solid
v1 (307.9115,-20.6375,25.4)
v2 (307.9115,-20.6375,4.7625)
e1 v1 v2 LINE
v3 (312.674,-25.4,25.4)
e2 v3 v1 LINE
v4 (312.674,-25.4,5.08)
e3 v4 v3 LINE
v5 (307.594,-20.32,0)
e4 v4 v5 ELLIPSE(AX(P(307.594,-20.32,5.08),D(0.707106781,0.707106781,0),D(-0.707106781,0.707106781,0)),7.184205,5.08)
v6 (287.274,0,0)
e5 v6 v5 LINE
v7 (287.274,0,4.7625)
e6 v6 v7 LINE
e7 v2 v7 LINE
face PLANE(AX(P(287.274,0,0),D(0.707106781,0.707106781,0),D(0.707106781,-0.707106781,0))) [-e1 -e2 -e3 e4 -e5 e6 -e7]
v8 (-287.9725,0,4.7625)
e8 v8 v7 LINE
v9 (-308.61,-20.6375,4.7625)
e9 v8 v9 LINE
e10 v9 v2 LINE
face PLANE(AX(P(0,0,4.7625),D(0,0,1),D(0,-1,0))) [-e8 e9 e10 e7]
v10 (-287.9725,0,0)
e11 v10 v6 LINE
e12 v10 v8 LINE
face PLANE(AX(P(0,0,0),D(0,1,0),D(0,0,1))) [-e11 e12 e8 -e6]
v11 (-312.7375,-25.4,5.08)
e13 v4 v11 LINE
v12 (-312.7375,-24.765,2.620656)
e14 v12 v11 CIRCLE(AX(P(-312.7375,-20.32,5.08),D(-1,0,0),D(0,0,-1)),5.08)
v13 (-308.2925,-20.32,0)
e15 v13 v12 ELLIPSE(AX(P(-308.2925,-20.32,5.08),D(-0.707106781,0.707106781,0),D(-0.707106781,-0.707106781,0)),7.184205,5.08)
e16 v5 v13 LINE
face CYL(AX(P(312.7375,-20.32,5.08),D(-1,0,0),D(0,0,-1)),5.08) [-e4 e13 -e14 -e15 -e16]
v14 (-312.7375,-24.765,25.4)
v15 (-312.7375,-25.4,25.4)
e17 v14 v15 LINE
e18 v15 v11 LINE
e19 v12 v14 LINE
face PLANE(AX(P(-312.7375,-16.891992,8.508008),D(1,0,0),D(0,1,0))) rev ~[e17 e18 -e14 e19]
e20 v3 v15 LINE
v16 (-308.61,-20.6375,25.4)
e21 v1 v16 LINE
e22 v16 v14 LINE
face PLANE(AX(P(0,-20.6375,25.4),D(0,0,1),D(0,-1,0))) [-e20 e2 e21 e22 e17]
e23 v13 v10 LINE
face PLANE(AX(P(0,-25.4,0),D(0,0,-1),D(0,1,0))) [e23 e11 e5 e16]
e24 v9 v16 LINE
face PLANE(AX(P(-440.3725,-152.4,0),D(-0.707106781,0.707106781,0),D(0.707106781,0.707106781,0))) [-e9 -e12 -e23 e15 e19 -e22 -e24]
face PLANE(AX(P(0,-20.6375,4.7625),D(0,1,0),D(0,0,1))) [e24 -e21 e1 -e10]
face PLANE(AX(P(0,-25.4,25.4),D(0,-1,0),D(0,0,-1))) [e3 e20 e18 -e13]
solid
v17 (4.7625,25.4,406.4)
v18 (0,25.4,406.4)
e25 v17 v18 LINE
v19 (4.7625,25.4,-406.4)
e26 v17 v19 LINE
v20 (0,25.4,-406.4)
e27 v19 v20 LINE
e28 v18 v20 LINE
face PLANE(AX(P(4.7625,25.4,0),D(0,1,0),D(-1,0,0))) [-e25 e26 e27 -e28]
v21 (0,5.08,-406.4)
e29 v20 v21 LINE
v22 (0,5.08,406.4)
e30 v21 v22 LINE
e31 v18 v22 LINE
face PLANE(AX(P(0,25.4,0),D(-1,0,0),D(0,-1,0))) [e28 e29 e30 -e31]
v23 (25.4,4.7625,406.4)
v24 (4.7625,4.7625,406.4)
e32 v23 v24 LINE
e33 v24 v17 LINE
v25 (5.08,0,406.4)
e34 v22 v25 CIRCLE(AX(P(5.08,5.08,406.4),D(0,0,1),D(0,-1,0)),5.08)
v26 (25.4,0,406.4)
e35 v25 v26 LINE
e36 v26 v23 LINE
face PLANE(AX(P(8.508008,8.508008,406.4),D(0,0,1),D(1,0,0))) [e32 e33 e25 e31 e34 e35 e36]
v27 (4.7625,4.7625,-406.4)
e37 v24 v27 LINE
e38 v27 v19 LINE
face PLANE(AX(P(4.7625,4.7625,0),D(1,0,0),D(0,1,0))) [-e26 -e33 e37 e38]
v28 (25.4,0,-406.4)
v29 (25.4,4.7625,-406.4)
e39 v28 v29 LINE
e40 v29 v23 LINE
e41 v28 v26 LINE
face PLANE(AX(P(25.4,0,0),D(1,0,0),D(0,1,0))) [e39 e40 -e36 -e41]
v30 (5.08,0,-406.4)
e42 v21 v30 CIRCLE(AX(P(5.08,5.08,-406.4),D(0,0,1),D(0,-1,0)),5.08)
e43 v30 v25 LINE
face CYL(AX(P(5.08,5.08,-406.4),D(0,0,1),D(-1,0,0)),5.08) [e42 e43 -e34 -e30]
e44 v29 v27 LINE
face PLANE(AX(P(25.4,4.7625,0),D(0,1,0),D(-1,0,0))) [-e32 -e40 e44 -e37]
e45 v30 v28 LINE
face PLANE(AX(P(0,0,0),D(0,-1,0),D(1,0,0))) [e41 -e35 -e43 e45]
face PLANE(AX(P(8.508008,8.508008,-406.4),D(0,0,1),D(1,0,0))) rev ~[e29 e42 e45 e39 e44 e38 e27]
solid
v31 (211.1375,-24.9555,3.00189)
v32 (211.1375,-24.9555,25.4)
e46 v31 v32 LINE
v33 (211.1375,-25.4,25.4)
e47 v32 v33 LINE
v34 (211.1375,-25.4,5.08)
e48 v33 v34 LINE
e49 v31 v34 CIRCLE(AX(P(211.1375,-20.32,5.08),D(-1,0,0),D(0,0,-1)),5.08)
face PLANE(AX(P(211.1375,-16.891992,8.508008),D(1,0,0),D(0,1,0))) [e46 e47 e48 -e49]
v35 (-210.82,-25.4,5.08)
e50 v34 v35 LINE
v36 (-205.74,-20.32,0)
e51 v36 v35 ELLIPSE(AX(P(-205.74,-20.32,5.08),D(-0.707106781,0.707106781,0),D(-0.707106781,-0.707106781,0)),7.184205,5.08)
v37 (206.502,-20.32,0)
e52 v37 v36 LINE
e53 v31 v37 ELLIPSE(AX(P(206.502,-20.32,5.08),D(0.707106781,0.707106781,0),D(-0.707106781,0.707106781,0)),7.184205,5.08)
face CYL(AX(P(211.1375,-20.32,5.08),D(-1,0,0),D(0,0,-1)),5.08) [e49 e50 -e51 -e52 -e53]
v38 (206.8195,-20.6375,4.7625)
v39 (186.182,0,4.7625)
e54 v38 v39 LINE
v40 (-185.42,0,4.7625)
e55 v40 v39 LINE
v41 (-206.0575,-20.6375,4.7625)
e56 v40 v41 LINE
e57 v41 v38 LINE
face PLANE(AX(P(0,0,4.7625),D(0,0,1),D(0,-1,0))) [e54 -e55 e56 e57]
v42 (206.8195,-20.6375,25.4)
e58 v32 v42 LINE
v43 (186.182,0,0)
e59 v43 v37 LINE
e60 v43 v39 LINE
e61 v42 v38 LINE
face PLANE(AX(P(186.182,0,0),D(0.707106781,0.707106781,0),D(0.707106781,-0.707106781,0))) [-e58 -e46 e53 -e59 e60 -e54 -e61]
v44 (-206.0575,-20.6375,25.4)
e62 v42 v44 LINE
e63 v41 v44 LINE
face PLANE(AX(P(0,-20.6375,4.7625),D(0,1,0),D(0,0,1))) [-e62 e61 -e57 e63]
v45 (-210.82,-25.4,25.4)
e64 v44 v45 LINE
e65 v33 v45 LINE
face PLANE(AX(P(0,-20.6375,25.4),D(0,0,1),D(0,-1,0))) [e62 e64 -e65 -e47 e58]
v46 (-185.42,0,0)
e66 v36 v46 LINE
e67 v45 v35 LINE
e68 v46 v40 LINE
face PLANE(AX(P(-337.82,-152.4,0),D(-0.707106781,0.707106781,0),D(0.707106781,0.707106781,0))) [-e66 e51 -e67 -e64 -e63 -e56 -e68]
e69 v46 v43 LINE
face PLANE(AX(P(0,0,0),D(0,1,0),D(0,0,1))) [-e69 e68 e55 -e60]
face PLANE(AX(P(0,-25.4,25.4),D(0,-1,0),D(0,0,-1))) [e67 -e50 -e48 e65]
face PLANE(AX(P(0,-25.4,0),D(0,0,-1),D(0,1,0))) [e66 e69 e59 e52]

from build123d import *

# Parameters (mm, degrees)
F1_DEPTH  = 312.7375
F2_R      = 5.08
F4_DEPTH  = 152.4
F7_DEPTH  = 152.4
F8_ANGLE  = 90
F11_DEPTH = 211.1375
F12_R     = 5.08
F13_DEPTH = 152.4
F16_DEPTH = 152.4
F17_ANGLE = 90
F20_DEPTH = 406.4
F21_R     = 5.08


with BuildPart() as f1:
    # F0 (on Right) → F1 (new body, symmetric)
    with BuildSketch(Plane.YZ):
        Polygon((-25.4, 0), (0, 0), (0, 4.7625), (-20.6375, 4.7625), (-20.6375, 25.4), (-25.4, 25.4), align=None)
    extrude(amount=F1_DEPTH, both=True)

    # F2
    f2_edges = [f1.edges().sort_by_distance(p)[0] for p in [
        (0, -25.4, 0),
    ]]
    fillet(f2_edges, radius=F2_R)


with BuildPart() as f4:
    # F3 (on Top) → F4 (new body)
    with BuildSketch(Plane.XY):
        Polygon((-152.4, -152.4), (0, 0), (-152.4, 0), align=None)
    extrude(amount=F4_DEPTH)


with BuildPart() as f4_1:
    # F5: moved
    add(f4.part.moved(Location((-287.9725, 0, 0))))


with BuildPart() as f1_1:
    add(f1.part)

    # F6: cut F4
    add(f4_1.part, mode=Mode.SUBTRACT)


with BuildPart() as f7:
    # F3 (on Top) → F7 (new body)
    with BuildSketch(Plane.XY):
        Polygon((-152.4, -152.4), (0, 0), (-152.4, 0), align=None)
    extrude(amount=F7_DEPTH)


with BuildPart() as f7_1:
    # F8: moved
    add(f7.part.rotate(Axis((-152.4, 0, 76.2), (0, 0, -1)), F8_ANGLE))


with BuildPart() as f7_2:
    # F9: moved
    add(f7_1.part.moved(Location((592.074, 0, 0))))


with BuildPart() as f1_2:
    add(f1_1.part)

    # F10: cut F7
    add(f7_2.part, mode=Mode.SUBTRACT)


with BuildPart() as f11:
    # F0 (on Right) → F11 (new body, symmetric)
    with BuildSketch(Plane.YZ):
        Polygon((-25.4, 0), (0, 0), (0, 4.7625), (-20.6375, 4.7625), (-20.6375, 25.4), (-25.4, 25.4), align=None)
    extrude(amount=F11_DEPTH, both=True)

    # F12
    f12_edges = [f11.edges().sort_by_distance(p)[0] for p in [
        (0, -25.4, 0),
    ]]
    fillet(f12_edges, radius=F12_R)


with BuildPart() as f13:
    # F3 (on Top) → F13 (new body)
    with BuildSketch(Plane.XY):
        Polygon((-152.4, -152.4), (0, 0), (-152.4, 0), align=None)
    extrude(amount=F13_DEPTH)


with BuildPart() as f13_1:
    # F14: moved
    add(f13.part.moved(Location((-185.42, 0, 0))))


with BuildPart() as f11_1:
    add(f11.part)

    # F15: cut F13
    add(f13_1.part, mode=Mode.SUBTRACT)


with BuildPart() as f16:
    # F3 (on Top) → F16 (new body)
    with BuildSketch(Plane.XY):
        Polygon((-152.4, -152.4), (0, 0), (-152.4, 0), align=None)
    extrude(amount=F16_DEPTH)


with BuildPart() as f16_1:
    # F17: moved
    add(f16.part.rotate(Axis((-152.4, 0, 76.2), (0, 0, -1)), F17_ANGLE))


with BuildPart() as f16_2:
    # F18: moved
    add(f16_1.part.moved(Location((490.982, 0, 0))))


with BuildPart() as f11_2:
    add(f11_1.part)

    # F19: cut F16
    add(f16_2.part, mode=Mode.SUBTRACT)


with BuildPart() as f20:
    # F3 (on Top) → F20 (new body, symmetric)
    with BuildSketch(Plane.XY):
        Polygon((0, 25.4), (0, 0), (25.4, 0), (25.4, 4.7625), (4.7625, 4.7625), (4.7625, 25.4), align=None)
    extrude(amount=F20_DEPTH, both=True)

    # F21
    f21_edges = [f20.edges().sort_by_distance(p)[0] for p in [
        (0, 0, 0),
    ]]
    fillet(f21_edges, radius=F21_R)


solid = Compound([f1_2.part, f11_2.part, f20.part])
